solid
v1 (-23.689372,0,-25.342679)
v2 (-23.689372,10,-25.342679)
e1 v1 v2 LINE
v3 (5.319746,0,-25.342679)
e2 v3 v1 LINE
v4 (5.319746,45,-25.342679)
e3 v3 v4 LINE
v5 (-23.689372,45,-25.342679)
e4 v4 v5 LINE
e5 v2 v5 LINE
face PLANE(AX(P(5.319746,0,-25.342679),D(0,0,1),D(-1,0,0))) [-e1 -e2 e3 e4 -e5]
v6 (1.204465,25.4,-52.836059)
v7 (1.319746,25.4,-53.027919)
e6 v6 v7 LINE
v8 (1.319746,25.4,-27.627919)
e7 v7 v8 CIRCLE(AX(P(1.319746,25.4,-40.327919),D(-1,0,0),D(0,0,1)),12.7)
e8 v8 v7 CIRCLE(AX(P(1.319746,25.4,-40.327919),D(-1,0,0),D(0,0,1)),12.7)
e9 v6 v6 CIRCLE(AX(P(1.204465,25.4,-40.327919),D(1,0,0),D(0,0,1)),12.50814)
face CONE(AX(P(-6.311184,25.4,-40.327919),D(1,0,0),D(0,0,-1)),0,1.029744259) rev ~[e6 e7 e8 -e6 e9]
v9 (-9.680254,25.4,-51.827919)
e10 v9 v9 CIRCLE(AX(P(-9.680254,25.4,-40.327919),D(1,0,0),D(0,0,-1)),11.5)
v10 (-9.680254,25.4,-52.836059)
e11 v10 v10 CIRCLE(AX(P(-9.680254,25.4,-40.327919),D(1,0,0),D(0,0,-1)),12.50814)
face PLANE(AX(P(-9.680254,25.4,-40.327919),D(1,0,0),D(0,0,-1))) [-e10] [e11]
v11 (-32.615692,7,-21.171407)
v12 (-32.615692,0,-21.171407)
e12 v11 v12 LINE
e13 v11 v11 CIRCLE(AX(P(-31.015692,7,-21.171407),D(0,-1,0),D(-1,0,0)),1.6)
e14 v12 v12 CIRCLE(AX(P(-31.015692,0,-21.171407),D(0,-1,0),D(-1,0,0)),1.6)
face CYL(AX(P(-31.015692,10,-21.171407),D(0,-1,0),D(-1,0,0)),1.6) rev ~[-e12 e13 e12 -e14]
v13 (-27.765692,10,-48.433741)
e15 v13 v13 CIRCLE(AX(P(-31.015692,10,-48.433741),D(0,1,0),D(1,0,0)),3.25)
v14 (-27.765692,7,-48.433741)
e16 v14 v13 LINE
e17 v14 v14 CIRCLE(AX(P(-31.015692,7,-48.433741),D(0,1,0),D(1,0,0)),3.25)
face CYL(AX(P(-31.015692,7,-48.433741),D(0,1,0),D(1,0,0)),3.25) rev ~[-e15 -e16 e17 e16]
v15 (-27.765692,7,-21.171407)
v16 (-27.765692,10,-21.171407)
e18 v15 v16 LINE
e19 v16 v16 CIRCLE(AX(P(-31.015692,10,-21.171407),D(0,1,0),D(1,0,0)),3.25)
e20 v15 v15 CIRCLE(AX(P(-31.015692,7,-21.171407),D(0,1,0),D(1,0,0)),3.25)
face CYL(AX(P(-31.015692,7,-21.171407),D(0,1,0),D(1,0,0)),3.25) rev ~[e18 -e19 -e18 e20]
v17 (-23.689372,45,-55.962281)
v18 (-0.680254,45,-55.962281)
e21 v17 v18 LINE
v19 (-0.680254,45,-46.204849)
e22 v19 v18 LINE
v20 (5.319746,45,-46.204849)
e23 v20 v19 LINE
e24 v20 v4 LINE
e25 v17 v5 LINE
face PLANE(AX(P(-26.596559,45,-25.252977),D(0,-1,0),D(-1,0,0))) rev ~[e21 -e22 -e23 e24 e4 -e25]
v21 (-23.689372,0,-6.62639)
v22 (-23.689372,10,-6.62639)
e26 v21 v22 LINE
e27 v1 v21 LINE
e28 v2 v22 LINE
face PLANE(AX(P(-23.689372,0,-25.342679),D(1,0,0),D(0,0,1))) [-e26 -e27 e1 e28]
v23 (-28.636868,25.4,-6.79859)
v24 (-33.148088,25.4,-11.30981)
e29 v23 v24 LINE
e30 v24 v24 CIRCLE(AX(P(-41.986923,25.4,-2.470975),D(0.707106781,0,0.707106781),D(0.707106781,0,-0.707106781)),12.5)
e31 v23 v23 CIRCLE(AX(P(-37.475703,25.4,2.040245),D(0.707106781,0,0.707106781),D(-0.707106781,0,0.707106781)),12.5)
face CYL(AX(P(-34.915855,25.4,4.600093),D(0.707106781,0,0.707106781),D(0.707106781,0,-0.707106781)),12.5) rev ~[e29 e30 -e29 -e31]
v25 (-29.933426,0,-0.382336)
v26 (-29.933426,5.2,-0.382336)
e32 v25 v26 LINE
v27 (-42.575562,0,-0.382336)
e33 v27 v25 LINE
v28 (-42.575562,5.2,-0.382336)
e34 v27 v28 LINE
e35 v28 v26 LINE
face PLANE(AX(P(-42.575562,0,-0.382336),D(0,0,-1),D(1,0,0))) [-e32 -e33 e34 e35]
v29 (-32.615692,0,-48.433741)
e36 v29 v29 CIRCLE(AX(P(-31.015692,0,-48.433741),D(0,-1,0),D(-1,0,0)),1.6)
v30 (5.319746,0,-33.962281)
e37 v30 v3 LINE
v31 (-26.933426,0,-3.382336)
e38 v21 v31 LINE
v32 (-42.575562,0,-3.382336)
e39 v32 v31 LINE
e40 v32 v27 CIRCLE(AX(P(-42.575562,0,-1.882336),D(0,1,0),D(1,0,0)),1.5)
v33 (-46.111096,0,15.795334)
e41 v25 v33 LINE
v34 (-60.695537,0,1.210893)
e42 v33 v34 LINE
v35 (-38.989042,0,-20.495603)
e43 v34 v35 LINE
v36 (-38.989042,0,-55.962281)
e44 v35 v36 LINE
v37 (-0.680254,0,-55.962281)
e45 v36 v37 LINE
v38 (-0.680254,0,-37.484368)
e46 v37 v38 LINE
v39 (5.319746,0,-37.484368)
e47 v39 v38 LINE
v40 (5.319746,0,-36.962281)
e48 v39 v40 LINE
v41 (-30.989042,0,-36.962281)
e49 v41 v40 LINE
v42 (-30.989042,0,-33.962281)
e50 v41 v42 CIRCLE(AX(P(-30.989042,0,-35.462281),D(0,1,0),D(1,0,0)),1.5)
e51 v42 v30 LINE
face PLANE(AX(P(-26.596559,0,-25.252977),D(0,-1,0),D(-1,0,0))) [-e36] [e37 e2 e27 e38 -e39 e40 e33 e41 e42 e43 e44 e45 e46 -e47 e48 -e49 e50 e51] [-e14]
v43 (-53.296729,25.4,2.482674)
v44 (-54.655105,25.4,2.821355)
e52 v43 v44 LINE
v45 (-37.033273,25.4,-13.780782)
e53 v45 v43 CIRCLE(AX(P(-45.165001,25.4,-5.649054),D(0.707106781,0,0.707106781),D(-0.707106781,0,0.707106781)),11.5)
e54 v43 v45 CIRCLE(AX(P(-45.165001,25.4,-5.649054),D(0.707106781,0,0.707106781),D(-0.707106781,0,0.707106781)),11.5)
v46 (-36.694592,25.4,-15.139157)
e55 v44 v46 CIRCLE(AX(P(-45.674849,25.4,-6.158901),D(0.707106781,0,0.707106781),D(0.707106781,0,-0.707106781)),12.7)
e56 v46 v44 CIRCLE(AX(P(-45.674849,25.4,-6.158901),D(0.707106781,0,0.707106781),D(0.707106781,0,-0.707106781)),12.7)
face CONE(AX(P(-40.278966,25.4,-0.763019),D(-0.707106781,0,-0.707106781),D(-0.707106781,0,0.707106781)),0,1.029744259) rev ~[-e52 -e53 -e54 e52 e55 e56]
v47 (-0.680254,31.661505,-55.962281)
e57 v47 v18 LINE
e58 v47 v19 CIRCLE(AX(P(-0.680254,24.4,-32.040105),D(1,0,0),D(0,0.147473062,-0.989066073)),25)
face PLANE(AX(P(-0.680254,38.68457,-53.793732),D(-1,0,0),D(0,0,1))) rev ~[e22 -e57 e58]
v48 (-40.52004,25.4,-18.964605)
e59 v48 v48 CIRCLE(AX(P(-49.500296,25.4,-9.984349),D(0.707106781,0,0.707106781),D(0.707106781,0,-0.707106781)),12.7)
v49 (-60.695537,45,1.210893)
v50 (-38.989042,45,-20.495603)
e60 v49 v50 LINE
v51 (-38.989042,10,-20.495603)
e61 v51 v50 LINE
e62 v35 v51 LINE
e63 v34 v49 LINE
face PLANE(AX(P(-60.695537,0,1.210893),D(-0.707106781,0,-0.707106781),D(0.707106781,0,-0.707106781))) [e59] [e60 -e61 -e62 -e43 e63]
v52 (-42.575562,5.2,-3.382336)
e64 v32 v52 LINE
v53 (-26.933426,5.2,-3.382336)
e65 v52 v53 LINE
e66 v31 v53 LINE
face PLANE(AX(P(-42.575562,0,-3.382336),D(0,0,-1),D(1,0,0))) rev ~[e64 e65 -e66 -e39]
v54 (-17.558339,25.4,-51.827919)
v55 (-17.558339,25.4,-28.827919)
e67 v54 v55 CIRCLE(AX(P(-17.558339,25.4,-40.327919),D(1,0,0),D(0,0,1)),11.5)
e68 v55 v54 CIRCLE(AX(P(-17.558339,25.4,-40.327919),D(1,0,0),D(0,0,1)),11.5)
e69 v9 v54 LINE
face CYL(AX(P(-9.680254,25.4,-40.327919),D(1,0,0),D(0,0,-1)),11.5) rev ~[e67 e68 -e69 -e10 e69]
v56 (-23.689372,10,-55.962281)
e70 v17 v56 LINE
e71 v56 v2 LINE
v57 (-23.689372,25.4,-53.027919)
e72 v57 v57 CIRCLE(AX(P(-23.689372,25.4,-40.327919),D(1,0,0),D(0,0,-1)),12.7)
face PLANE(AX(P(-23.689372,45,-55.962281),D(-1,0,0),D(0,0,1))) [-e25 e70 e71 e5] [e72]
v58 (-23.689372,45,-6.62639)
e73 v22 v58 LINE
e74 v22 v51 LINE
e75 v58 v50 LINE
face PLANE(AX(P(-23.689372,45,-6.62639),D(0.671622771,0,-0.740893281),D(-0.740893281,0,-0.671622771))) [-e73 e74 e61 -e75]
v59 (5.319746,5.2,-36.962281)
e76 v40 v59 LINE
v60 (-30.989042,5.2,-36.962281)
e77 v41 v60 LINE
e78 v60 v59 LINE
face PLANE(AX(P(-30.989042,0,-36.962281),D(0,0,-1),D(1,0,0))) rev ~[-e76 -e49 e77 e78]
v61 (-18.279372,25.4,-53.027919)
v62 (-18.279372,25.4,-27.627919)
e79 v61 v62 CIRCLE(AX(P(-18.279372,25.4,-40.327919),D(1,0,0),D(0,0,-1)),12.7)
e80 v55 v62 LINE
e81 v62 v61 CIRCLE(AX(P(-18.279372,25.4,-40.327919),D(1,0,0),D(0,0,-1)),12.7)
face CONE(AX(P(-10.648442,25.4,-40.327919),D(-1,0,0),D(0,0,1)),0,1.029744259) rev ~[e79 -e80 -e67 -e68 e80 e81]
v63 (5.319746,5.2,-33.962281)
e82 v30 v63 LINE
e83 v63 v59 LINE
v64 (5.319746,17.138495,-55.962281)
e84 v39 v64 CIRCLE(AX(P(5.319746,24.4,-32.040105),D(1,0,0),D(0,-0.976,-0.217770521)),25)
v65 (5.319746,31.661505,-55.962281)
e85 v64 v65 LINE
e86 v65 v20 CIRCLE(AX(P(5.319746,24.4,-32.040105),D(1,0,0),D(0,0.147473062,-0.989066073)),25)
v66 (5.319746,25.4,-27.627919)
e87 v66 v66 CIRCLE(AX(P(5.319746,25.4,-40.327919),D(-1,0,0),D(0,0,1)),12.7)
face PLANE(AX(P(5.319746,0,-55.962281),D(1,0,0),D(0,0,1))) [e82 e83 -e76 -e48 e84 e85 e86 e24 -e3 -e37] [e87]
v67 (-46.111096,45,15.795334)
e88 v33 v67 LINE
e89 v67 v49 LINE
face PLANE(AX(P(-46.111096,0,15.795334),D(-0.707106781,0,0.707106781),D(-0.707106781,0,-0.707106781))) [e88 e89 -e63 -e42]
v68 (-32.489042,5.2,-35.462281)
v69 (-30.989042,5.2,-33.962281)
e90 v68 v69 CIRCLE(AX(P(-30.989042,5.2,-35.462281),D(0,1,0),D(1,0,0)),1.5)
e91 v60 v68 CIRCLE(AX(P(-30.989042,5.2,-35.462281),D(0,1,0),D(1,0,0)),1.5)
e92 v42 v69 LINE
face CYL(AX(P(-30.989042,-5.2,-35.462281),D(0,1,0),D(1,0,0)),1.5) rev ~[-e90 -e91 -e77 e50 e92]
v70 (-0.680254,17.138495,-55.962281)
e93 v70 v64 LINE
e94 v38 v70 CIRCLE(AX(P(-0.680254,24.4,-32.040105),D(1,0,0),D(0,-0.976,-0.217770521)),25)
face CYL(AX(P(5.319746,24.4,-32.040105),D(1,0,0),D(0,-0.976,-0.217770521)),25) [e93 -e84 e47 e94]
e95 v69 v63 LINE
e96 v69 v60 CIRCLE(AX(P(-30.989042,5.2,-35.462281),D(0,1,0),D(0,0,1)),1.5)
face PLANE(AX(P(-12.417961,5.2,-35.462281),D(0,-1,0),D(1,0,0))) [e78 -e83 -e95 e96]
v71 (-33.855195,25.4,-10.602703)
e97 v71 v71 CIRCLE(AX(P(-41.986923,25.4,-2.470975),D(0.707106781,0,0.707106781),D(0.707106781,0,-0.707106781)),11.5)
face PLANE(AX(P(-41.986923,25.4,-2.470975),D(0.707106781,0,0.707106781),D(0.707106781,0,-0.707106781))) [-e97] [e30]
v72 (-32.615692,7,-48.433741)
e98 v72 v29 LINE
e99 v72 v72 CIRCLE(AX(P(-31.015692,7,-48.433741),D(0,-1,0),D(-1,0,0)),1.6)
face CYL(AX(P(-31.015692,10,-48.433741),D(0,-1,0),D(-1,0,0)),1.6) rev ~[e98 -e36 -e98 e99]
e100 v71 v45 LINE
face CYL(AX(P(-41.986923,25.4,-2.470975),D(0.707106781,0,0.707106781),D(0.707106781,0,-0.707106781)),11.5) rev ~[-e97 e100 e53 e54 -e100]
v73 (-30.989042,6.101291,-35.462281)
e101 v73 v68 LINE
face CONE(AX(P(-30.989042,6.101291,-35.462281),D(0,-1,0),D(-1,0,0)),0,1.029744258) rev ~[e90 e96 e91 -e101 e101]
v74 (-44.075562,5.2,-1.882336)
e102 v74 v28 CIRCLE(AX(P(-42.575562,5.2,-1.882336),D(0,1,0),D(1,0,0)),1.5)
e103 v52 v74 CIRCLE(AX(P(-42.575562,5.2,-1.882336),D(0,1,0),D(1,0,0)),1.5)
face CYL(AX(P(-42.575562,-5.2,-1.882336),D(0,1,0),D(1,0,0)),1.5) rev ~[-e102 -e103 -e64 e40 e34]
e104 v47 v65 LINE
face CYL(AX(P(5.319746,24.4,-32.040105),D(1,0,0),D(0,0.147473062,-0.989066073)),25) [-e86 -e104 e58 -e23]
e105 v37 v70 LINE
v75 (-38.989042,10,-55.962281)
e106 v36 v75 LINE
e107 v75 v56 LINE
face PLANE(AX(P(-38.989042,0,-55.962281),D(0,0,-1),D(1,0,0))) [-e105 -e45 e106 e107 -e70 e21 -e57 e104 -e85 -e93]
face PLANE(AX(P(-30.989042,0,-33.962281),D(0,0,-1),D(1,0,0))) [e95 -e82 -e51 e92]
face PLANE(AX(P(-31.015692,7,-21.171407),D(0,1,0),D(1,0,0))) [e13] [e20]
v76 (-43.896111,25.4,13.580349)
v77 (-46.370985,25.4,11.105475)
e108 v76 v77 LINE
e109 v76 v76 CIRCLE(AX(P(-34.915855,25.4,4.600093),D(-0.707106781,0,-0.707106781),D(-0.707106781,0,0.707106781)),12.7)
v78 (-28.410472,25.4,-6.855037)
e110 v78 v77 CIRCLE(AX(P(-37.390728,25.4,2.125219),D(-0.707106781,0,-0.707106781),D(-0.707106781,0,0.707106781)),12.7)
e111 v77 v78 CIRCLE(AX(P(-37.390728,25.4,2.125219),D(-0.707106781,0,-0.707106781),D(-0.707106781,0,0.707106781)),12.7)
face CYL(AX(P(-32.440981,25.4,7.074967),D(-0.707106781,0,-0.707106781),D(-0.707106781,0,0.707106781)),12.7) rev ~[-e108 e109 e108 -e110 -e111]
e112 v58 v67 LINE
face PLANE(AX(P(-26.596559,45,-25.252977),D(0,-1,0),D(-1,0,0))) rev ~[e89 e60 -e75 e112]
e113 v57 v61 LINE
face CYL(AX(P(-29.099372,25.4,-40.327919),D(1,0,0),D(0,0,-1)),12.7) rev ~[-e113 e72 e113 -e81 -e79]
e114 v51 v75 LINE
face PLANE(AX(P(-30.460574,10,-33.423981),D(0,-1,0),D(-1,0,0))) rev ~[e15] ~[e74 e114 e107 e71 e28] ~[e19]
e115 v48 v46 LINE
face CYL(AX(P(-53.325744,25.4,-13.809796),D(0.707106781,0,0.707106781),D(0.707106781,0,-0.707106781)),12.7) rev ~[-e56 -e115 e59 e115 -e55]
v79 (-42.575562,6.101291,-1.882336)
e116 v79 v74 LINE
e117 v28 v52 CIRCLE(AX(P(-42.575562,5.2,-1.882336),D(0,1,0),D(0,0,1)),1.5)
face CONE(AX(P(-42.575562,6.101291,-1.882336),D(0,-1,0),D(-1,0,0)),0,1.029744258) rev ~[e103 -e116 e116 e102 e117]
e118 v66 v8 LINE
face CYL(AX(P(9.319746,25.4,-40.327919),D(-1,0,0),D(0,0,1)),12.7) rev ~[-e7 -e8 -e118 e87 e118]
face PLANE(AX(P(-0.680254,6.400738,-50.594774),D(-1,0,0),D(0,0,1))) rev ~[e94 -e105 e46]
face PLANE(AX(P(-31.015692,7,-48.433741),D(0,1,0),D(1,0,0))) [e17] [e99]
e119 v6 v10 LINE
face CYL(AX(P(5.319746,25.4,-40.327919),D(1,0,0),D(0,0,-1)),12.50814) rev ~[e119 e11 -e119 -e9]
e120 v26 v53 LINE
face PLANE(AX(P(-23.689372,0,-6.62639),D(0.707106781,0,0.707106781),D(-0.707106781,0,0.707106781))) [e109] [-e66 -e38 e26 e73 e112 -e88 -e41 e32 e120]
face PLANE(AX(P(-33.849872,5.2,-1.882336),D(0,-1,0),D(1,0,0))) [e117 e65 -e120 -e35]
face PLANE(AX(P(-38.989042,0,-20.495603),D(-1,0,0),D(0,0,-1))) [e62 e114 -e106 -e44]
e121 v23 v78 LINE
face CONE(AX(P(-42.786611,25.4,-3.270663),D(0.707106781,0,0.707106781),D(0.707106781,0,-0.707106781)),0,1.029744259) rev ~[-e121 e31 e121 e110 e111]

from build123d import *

# Parameters (mm, degrees)
BOSS_EXTRUDE1_DEPTH            = 45
SKETCH2_R                      = 12.5
CUT_EXTRUDE1_DEPTH             = 10
SKETCH3_R                      = 12.508139694
CUT_EXTRUDE2_DEPTH             = 15
CUT_EXTRUDE3_REACH             = 53.053
SKETCH4_R                      = 11.5
CUT_EXTRUDE4_REACH             = 53.015
SKETCH5_R                      = 11.5
SM1_TAPPED_HOLE1_D             = 25.4
SM1_TAPPED_HOLE1_DEPTH         = 4
SM1_TAPPED_HOLE1_TIP           = 7.630929862
SM1_TAPPED_HOLE2_D             = 25.4
SM1_TAPPED_HOLE2_DEPTH         = 3.5
SM1_TAPPED_HOLE2_TIP           = 7.630929862
CUT_EXTRUDE5_DEPTH             = 35
SM1_TAPPED_HOLE3_D             = 25.4
SM1_TAPPED_HOLE3_DEPTH         = 5.41
SM1_TAPPED_HOLE3_TIP           = 7.630929862
SM1_TAPPED_HOLE4_D             = 25.4
SM1_TAPPED_HOLE4_DEPTH         = 5.41
SM1_TAPPED_HOLE4_TIP           = 7.630929862
CBORE_FOR_M3_SHCS1_D           = 3.2
CBORE_FOR_M3_SHCS1_DEPTH       = 10
CBORE_FOR_M3_SHCS1_CBORE_D     = 6.5
CBORE_FOR_M3_SHCS1_CBORE_DEPTH = 3
CUT_EXTRUDE6_START             = -5.339235
CUT_EXTRUDE6_DEPTH             = 6
F_3_0MM_DOWEL_HOLE1_D          = 3
F_3_0MM_DOWEL_HOLE1_DEPTH      = 5.2
F_3_0MM_DOWEL_HOLE1_TIP        = 0.901290929
SKETCH21_W                     = 17.451379617
SKETCH21_H                     = 3
SKETCH21_W_2                   = 37.142162435
CUT_EXTRUDE7_DEPTH             = 5.2


with BuildPart() as part:
    # Sketch1 → Boss-Extrude1 (new body)
    with BuildSketch(Plane(origin=(0, 0, 0), x_dir=(1, 0, 0), z_dir=(0, 1, 0))):
        Polygon((5.319745859, 25.342678723), (-23.689372123, 25.342678723), (-23.689372123, 6.626389833), (-46.111095982, -15.795334027), (-60.695537468, -1.210892541), (-38.989042082, 20.495602845), (-38.989042082, 55.962281461), (5.319745859, 55.962281461), align=None)
    extrude(amount=BOSS_EXTRUDE1_DEPTH)

    # Sketch2 → Cut-Extrude1 (cut)
    with BuildSketch(Plane(origin=(-15.157880978, 0, -15.157880978), x_dir=(0.707106781, 0, -0.707106781), z_dir=(0.707106781, 0, 0.707106781))):
        with Locations((-27.941994438, 25.4)):
            Circle(SKETCH2_R)
    extrude(amount=-CUT_EXTRUDE1_DEPTH, mode=Mode.SUBTRACT)

    # Sketch3 → Cut-Extrude2 (cut)
    with BuildSketch(Plane(origin=(5.319745859, 0, 0), x_dir=(0, 0, -1), z_dir=(1, 0, 0))):
        with Locations((40.327918955, 25.4)):
            Circle(SKETCH3_R)
    extrude(amount=-CUT_EXTRUDE2_DEPTH, mode=Mode.SUBTRACT)

    # Sketch4 → Cut-Extrude3 (cut, up to next)
    with BuildSketch(Plane(origin=(-22.228948789, 0, -22.228948789), x_dir=(0.707106781, 0, -0.707106781), z_dir=(0.707106781, 0, 0.707106781)), mode=Mode.PRIVATE) as cut_extrude3_sk1:
        with Locations((-27.941994438, 25.4)):
            Circle(SKETCH4_R)
    cut_extrude3_tool1 = extrude(cut_extrude3_sk1.sketch, amount=-CUT_EXTRUDE3_REACH, mode=Mode.PRIVATE) & part.part
    add(cut_extrude3_tool1.solids().sort_by_distance((-41.986923, 25.4, -2.470975))[0], mode=Mode.SUBTRACT)

    # Sketch5 → Cut-Extrude4 (cut, up to next)
    with BuildSketch(Plane(origin=(-9.680254141, 0, 0), x_dir=(0, 0, -1), z_dir=(1, 0, 0)), mode=Mode.PRIVATE) as cut_extrude4_sk1:
        with Locations((40.327918955, 25.4)):
            Circle(SKETCH5_R)
    cut_extrude4_tool1 = extrude(cut_extrude4_sk1.sketch, amount=-CUT_EXTRUDE4_REACH, mode=Mode.PRIVATE) & part.part
    add(cut_extrude4_tool1.solids().sort_by_distance((-9.680254, 25.4, -40.327919))[0], mode=Mode.SUBTRACT)

    # SM1 Tapped Hole1
    with Locations(Plane(origin=(5.319745859, 0, 0), x_dir=(0, 0, -1), z_dir=(1, 0, 0))):
        with Locations((40.327918955, 25.4)):
            Hole(SM1_TAPPED_HOLE1_D / 2, depth=SM1_TAPPED_HOLE1_DEPTH)
            with Locations((0, 0, -(SM1_TAPPED_HOLE1_DEPTH + SM1_TAPPED_HOLE1_TIP / 2))):  # 118° drill point
                Cone(0, SM1_TAPPED_HOLE1_D / 2, SM1_TAPPED_HOLE1_TIP, mode=Mode.SUBTRACT)

    # SM1 Tapped Hole2
    with Locations(Plane(origin=(-15.157880978, 0, -15.157880978), x_dir=(0.707106781, 0, -0.707106781), z_dir=(0.707106781, 0, 0.707106781))):
        with Locations((-27.941994438, 25.4)):
            Hole(SM1_TAPPED_HOLE2_D / 2, depth=SM1_TAPPED_HOLE2_DEPTH)
            with Locations((0, 0, -(SM1_TAPPED_HOLE2_DEPTH + SM1_TAPPED_HOLE2_TIP / 2))):  # 118° drill point
                Cone(0, SM1_TAPPED_HOLE2_D / 2, SM1_TAPPED_HOLE2_TIP, mode=Mode.SUBTRACT)

    # Sketch11 → Cut-Extrude5 (cut)
    with BuildSketch(Plane(origin=(0, 45, 0), x_dir=(1, 0, 0), z_dir=(0, 1, 0))):
        Polygon((-23.689372123, 6.626389833), (-38.989042082, 20.495602845), (-38.989042082, 55.962281461), (-23.689372123, 55.962281461), align=None)
    extrude(amount=-CUT_EXTRUDE5_DEPTH, mode=Mode.SUBTRACT)

    # SM1 Tapped Hole3
    with Locations(Plane.ZY.offset(23.689372123)):
        with Locations((-40.327918955, 25.4)):
            Hole(SM1_TAPPED_HOLE3_D / 2, depth=SM1_TAPPED_HOLE3_DEPTH)
            with Locations((0, 0, -(SM1_TAPPED_HOLE3_DEPTH + SM1_TAPPED_HOLE3_TIP / 2))):  # 118° drill point
                Cone(0, SM1_TAPPED_HOLE3_D / 2, SM1_TAPPED_HOLE3_TIP, mode=Mode.SUBTRACT)

    # SM1 Tapped Hole4
    with Locations(Plane(origin=(-29.742322464, 0, -29.742322464), x_dir=(-0.707106781, 0, 0.707106781), z_dir=(-0.707106781, 0, -0.707106781))):
        with Locations((27.941994438, 25.4)):
            Hole(SM1_TAPPED_HOLE4_D / 2, depth=SM1_TAPPED_HOLE4_DEPTH)
            with Locations((0, 0, -(SM1_TAPPED_HOLE4_DEPTH + SM1_TAPPED_HOLE4_TIP / 2))):  # 118° drill point
                Cone(0, SM1_TAPPED_HOLE4_D / 2, SM1_TAPPED_HOLE4_TIP, mode=Mode.SUBTRACT)

    # CBORE for M3 SHCS1
    with Locations(Plane(origin=(0, 10, 0), x_dir=(1, 0, 0), z_dir=(0, 1, 0))):
        with Locations((-31.01569247, 48.433741468), (-31.01569247, 21.171407243)):
            CounterBoreHole(CBORE_FOR_M3_SHCS1_D / 2, CBORE_FOR_M3_SHCS1_CBORE_D / 2, CBORE_FOR_M3_SHCS1_CBORE_DEPTH, depth=CBORE_FOR_M3_SHCS1_DEPTH)

    # Sketch18 → Cut-Extrude6 (cut)
    with BuildSketch(Plane.ZY.offset(0.01948891).offset(CUT_EXTRUDE6_START)):
        with BuildLine():
            Line((-46.204849494, 45), (-56.766756342, 45))
            Line((-56.766756342, 45), (-56.766756342, 28.086826547))
            ThreePointArc((-56.766756342, 28.086826547), (-53.24503426, 37.642014764), (-46.204849494, 45))
        make_face()
        with BuildLine():
            Line((-56.619620621, 19.834105942), (-56.619620621, 0))
            Line((-56.619620621, 0), (-37.484367562, 0))
            ThreePointArc((-37.484367562, 0), (-50.031901767, 7.042142066), (-56.619620621, 19.834105942))
        make_face()
    extrude(amount=CUT_EXTRUDE6_DEPTH, mode=Mode.SUBTRACT)

    # Ø3.0mm Dowel Hole1
    with Locations(Plane(origin=(0, 0, 0), x_dir=(-1, 0, 0), z_dir=(0, -1, 0))):
        with Locations((42.575562076, 1.882335503), (30.989042082, 35.462281461)):
            Hole(F_3_0MM_DOWEL_HOLE1_D / 2, depth=F_3_0MM_DOWEL_HOLE1_DEPTH)
            with Locations((0, 0, -(F_3_0MM_DOWEL_HOLE1_DEPTH + F_3_0MM_DOWEL_HOLE1_TIP / 2))):  # 118° drill point
                Cone(0, F_3_0MM_DOWEL_HOLE1_D / 2, F_3_0MM_DOWEL_HOLE1_TIP, mode=Mode.SUBTRACT)

    # Sketch21 → Cut-Extrude7 (cut)
    with BuildSketch(Plane.XZ):
        with Locations((-33.849872268, -1.882335503)):
            Rectangle(SKETCH21_W, SKETCH21_H)
        with Locations((-12.417960864, -35.462281461)):
            Rectangle(SKETCH21_W_2, SKETCH21_H)
    extrude(amount=-CUT_EXTRUDE7_DEPTH, mode=Mode.SUBTRACT)


solid = part.part
